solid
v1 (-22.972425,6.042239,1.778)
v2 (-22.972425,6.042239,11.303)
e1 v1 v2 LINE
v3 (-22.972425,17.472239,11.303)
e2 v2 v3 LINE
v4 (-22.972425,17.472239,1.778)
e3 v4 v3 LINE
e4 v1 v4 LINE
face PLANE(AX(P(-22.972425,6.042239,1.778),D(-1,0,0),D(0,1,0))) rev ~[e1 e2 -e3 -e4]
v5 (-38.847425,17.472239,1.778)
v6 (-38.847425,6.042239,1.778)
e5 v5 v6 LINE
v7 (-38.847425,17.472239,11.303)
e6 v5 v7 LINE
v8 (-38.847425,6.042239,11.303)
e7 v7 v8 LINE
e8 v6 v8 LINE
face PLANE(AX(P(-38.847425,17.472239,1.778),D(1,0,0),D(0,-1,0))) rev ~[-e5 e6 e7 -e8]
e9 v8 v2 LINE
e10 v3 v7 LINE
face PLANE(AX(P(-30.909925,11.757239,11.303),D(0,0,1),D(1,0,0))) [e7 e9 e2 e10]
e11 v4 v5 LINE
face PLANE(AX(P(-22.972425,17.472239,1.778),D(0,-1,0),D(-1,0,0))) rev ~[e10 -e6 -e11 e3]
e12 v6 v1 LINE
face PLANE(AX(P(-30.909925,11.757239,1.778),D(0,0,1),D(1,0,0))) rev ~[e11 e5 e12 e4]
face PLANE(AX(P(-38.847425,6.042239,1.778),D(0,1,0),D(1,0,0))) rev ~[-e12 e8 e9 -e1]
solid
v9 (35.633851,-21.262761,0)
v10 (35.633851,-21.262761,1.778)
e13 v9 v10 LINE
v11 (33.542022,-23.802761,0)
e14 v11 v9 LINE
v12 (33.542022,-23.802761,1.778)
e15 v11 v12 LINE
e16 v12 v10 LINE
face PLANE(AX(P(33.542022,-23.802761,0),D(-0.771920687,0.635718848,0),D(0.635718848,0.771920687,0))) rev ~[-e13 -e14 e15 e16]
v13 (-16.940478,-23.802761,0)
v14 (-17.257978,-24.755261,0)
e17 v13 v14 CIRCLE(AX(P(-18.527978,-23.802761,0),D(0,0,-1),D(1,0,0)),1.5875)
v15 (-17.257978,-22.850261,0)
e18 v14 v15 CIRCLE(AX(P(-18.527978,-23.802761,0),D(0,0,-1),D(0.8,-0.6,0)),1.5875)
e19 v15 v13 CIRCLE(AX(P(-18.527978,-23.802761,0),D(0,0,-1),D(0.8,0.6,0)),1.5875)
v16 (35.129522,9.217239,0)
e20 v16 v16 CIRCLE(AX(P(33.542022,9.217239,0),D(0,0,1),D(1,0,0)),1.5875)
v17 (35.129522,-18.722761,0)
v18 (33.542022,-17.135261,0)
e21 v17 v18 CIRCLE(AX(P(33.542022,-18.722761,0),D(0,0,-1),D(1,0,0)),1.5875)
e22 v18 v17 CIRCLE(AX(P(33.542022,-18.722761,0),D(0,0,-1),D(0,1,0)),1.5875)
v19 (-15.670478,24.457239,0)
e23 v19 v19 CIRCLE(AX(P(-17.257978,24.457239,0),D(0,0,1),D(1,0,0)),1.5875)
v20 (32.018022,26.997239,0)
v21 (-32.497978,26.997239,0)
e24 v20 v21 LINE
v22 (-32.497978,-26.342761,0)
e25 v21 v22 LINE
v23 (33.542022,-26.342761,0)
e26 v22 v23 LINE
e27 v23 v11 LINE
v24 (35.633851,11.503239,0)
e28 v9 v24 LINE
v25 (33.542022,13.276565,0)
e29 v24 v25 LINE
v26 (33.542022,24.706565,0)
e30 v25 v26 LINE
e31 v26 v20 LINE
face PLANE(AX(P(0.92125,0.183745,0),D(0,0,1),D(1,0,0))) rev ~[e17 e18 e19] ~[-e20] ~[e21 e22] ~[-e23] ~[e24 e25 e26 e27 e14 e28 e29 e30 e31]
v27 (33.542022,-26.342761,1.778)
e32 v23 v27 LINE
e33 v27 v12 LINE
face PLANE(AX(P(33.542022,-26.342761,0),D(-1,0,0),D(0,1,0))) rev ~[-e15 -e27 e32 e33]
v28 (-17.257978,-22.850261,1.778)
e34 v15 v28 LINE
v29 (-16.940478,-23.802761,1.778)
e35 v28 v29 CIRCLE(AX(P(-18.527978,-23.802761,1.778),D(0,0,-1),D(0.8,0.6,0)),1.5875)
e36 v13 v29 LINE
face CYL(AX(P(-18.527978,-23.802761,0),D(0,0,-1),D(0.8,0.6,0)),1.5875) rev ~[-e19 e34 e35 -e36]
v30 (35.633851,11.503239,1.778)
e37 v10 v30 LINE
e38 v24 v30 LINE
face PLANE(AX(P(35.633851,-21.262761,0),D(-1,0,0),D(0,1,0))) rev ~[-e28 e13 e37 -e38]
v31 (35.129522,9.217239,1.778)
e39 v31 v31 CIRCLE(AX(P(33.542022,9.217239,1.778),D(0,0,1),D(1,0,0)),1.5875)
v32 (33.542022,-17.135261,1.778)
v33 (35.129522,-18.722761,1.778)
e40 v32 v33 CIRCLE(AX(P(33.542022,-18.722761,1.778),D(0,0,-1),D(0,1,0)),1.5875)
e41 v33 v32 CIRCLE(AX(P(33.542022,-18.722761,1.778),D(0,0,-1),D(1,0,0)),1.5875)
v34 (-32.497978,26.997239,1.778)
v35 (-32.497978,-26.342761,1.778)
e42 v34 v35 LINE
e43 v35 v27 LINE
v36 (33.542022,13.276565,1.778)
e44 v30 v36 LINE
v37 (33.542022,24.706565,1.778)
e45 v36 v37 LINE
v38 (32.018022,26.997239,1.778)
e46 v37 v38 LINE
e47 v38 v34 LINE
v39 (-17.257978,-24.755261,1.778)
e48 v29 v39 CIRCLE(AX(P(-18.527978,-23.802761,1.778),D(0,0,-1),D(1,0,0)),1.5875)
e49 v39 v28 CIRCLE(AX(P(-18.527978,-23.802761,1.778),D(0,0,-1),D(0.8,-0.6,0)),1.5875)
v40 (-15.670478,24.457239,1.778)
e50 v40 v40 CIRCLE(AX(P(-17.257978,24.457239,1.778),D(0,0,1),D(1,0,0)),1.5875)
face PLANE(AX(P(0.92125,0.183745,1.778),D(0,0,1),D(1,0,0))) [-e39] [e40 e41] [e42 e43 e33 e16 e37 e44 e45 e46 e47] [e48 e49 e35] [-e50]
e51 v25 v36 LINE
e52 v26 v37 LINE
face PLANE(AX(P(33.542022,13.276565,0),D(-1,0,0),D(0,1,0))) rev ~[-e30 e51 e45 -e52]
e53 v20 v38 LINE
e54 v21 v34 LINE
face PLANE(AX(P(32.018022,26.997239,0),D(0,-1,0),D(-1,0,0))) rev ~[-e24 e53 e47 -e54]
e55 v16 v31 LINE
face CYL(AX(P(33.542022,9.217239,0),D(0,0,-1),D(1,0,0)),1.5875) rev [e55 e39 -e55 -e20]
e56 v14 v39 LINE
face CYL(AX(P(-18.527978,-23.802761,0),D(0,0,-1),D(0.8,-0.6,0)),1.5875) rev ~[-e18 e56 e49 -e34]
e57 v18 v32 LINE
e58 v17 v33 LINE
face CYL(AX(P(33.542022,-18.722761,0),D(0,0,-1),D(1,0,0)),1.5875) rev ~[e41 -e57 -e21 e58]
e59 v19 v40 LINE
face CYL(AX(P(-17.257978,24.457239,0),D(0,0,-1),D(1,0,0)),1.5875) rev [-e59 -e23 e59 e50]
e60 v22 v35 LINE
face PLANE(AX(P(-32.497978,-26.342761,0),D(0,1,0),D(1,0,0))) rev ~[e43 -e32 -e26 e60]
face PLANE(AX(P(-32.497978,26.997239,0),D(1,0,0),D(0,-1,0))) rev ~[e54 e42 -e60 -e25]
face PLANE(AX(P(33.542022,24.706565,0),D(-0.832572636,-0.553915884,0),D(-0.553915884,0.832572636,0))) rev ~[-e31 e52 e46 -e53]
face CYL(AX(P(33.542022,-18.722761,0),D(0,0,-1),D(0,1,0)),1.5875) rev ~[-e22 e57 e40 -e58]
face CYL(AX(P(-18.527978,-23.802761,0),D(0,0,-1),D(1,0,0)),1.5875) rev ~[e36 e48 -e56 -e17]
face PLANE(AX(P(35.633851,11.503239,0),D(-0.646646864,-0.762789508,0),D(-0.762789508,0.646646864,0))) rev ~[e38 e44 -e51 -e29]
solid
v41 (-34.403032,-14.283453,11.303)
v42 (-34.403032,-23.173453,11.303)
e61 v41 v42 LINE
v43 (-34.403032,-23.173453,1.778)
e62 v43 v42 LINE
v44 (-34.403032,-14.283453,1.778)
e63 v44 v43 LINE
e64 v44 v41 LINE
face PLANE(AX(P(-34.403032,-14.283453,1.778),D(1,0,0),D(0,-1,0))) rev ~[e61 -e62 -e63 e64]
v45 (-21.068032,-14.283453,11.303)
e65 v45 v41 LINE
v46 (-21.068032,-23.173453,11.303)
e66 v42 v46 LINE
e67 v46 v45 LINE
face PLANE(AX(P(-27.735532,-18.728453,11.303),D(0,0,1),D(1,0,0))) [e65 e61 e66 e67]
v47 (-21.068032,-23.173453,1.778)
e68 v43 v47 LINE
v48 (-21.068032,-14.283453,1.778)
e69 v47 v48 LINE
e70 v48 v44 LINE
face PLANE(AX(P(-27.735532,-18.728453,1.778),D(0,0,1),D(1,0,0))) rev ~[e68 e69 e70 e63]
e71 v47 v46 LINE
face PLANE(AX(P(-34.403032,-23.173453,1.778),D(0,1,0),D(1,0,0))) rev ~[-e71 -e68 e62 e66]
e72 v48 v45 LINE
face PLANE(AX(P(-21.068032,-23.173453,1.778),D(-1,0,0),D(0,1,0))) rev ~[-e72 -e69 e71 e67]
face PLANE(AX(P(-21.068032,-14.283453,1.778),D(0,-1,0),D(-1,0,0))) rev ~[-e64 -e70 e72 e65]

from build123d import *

# Parameters (mm, degrees)
F0_R     = 1.5875
F1_DEPTH = 1.778
F3_DEPTH = 9.525


with BuildPart() as f1:
    # F0 (on Top) → F1 (new body)
    with BuildSketch(Plane.XY):
        Polygon((32.018022109, 26.997238813), (-32.497977891, 26.997238813), (-32.497977891, -26.342761187), (-17.257977891, -26.342761187), (33.542022109, -26.342761187), (33.542022109, -23.802761187), (35.6338508427, -21.262761187), (35.6338508427, 11.503238813), (33.542022109, 13.2765648437), (33.542022109, 24.7065648437), align=None)
        with BuildLine():
            ThreePointArc((-16.940477891, -23.802761187), (-17.0219431553, -24.3047727655), (-17.257977891, -24.755261187))
            ThreePointArc((-17.257977891, -24.755261187), (-20.115477891, -23.802761187), (-17.257977891, -22.850261187))
            ThreePointArc((-17.257977891, -22.850261187), (-17.0219431553, -23.3007496084), (-16.940477891, -23.802761187))
        make_face(mode=Mode.SUBTRACT)
        with BuildLine():
            ThreePointArc((33.542022109, -17.135261187), (34.6645541242, -17.6002291718), (35.129522109, -18.722761187))
            ThreePointArc((35.129522109, -18.722761187), (32.4194900939, -19.8452932021), (33.542022109, -17.135261187))
        make_face(mode=Mode.SUBTRACT)
        with Locations((-17.257977891, 24.457238813)):
            Circle(F0_R, mode=Mode.SUBTRACT)
        with Locations((33.542022109, 9.217238813)):
            Circle(F0_R, mode=Mode.SUBTRACT)
    extrude(amount=F1_DEPTH)


with BuildPart() as f3:
    # F2 (on face) → F3 (new body)
    with BuildSketch(Plane.XY.offset(1.778)):
        Polygon((-38.8474246323, 6.042238813), (-32.4974246323, 6.042238813), (-23.153425312, 6.042238813), (-22.9724246323, 6.042238813), (-22.9724246323, 17.472238813), (-32.497977891, 17.472238813), (-38.8474246323, 17.472238813), align=None)
    extrude(amount=F3_DEPTH)


with BuildPart() as f3b:
    # F2 (on face) → F3, piece 2 (new body)
    with BuildSketch(Plane.XY.offset(1.778)):
        Polygon((-34.4030318546, -23.1734532863), (-32.4980318546, -23.1734532863), (-21.0680318546, -23.1734532863), (-21.0680318546, -14.2834532863), (-34.4030318546, -14.2834532863), align=None)
    extrude(amount=F3_DEPTH)


solid = Compound([f1.part, f3.part, f3b.part])
